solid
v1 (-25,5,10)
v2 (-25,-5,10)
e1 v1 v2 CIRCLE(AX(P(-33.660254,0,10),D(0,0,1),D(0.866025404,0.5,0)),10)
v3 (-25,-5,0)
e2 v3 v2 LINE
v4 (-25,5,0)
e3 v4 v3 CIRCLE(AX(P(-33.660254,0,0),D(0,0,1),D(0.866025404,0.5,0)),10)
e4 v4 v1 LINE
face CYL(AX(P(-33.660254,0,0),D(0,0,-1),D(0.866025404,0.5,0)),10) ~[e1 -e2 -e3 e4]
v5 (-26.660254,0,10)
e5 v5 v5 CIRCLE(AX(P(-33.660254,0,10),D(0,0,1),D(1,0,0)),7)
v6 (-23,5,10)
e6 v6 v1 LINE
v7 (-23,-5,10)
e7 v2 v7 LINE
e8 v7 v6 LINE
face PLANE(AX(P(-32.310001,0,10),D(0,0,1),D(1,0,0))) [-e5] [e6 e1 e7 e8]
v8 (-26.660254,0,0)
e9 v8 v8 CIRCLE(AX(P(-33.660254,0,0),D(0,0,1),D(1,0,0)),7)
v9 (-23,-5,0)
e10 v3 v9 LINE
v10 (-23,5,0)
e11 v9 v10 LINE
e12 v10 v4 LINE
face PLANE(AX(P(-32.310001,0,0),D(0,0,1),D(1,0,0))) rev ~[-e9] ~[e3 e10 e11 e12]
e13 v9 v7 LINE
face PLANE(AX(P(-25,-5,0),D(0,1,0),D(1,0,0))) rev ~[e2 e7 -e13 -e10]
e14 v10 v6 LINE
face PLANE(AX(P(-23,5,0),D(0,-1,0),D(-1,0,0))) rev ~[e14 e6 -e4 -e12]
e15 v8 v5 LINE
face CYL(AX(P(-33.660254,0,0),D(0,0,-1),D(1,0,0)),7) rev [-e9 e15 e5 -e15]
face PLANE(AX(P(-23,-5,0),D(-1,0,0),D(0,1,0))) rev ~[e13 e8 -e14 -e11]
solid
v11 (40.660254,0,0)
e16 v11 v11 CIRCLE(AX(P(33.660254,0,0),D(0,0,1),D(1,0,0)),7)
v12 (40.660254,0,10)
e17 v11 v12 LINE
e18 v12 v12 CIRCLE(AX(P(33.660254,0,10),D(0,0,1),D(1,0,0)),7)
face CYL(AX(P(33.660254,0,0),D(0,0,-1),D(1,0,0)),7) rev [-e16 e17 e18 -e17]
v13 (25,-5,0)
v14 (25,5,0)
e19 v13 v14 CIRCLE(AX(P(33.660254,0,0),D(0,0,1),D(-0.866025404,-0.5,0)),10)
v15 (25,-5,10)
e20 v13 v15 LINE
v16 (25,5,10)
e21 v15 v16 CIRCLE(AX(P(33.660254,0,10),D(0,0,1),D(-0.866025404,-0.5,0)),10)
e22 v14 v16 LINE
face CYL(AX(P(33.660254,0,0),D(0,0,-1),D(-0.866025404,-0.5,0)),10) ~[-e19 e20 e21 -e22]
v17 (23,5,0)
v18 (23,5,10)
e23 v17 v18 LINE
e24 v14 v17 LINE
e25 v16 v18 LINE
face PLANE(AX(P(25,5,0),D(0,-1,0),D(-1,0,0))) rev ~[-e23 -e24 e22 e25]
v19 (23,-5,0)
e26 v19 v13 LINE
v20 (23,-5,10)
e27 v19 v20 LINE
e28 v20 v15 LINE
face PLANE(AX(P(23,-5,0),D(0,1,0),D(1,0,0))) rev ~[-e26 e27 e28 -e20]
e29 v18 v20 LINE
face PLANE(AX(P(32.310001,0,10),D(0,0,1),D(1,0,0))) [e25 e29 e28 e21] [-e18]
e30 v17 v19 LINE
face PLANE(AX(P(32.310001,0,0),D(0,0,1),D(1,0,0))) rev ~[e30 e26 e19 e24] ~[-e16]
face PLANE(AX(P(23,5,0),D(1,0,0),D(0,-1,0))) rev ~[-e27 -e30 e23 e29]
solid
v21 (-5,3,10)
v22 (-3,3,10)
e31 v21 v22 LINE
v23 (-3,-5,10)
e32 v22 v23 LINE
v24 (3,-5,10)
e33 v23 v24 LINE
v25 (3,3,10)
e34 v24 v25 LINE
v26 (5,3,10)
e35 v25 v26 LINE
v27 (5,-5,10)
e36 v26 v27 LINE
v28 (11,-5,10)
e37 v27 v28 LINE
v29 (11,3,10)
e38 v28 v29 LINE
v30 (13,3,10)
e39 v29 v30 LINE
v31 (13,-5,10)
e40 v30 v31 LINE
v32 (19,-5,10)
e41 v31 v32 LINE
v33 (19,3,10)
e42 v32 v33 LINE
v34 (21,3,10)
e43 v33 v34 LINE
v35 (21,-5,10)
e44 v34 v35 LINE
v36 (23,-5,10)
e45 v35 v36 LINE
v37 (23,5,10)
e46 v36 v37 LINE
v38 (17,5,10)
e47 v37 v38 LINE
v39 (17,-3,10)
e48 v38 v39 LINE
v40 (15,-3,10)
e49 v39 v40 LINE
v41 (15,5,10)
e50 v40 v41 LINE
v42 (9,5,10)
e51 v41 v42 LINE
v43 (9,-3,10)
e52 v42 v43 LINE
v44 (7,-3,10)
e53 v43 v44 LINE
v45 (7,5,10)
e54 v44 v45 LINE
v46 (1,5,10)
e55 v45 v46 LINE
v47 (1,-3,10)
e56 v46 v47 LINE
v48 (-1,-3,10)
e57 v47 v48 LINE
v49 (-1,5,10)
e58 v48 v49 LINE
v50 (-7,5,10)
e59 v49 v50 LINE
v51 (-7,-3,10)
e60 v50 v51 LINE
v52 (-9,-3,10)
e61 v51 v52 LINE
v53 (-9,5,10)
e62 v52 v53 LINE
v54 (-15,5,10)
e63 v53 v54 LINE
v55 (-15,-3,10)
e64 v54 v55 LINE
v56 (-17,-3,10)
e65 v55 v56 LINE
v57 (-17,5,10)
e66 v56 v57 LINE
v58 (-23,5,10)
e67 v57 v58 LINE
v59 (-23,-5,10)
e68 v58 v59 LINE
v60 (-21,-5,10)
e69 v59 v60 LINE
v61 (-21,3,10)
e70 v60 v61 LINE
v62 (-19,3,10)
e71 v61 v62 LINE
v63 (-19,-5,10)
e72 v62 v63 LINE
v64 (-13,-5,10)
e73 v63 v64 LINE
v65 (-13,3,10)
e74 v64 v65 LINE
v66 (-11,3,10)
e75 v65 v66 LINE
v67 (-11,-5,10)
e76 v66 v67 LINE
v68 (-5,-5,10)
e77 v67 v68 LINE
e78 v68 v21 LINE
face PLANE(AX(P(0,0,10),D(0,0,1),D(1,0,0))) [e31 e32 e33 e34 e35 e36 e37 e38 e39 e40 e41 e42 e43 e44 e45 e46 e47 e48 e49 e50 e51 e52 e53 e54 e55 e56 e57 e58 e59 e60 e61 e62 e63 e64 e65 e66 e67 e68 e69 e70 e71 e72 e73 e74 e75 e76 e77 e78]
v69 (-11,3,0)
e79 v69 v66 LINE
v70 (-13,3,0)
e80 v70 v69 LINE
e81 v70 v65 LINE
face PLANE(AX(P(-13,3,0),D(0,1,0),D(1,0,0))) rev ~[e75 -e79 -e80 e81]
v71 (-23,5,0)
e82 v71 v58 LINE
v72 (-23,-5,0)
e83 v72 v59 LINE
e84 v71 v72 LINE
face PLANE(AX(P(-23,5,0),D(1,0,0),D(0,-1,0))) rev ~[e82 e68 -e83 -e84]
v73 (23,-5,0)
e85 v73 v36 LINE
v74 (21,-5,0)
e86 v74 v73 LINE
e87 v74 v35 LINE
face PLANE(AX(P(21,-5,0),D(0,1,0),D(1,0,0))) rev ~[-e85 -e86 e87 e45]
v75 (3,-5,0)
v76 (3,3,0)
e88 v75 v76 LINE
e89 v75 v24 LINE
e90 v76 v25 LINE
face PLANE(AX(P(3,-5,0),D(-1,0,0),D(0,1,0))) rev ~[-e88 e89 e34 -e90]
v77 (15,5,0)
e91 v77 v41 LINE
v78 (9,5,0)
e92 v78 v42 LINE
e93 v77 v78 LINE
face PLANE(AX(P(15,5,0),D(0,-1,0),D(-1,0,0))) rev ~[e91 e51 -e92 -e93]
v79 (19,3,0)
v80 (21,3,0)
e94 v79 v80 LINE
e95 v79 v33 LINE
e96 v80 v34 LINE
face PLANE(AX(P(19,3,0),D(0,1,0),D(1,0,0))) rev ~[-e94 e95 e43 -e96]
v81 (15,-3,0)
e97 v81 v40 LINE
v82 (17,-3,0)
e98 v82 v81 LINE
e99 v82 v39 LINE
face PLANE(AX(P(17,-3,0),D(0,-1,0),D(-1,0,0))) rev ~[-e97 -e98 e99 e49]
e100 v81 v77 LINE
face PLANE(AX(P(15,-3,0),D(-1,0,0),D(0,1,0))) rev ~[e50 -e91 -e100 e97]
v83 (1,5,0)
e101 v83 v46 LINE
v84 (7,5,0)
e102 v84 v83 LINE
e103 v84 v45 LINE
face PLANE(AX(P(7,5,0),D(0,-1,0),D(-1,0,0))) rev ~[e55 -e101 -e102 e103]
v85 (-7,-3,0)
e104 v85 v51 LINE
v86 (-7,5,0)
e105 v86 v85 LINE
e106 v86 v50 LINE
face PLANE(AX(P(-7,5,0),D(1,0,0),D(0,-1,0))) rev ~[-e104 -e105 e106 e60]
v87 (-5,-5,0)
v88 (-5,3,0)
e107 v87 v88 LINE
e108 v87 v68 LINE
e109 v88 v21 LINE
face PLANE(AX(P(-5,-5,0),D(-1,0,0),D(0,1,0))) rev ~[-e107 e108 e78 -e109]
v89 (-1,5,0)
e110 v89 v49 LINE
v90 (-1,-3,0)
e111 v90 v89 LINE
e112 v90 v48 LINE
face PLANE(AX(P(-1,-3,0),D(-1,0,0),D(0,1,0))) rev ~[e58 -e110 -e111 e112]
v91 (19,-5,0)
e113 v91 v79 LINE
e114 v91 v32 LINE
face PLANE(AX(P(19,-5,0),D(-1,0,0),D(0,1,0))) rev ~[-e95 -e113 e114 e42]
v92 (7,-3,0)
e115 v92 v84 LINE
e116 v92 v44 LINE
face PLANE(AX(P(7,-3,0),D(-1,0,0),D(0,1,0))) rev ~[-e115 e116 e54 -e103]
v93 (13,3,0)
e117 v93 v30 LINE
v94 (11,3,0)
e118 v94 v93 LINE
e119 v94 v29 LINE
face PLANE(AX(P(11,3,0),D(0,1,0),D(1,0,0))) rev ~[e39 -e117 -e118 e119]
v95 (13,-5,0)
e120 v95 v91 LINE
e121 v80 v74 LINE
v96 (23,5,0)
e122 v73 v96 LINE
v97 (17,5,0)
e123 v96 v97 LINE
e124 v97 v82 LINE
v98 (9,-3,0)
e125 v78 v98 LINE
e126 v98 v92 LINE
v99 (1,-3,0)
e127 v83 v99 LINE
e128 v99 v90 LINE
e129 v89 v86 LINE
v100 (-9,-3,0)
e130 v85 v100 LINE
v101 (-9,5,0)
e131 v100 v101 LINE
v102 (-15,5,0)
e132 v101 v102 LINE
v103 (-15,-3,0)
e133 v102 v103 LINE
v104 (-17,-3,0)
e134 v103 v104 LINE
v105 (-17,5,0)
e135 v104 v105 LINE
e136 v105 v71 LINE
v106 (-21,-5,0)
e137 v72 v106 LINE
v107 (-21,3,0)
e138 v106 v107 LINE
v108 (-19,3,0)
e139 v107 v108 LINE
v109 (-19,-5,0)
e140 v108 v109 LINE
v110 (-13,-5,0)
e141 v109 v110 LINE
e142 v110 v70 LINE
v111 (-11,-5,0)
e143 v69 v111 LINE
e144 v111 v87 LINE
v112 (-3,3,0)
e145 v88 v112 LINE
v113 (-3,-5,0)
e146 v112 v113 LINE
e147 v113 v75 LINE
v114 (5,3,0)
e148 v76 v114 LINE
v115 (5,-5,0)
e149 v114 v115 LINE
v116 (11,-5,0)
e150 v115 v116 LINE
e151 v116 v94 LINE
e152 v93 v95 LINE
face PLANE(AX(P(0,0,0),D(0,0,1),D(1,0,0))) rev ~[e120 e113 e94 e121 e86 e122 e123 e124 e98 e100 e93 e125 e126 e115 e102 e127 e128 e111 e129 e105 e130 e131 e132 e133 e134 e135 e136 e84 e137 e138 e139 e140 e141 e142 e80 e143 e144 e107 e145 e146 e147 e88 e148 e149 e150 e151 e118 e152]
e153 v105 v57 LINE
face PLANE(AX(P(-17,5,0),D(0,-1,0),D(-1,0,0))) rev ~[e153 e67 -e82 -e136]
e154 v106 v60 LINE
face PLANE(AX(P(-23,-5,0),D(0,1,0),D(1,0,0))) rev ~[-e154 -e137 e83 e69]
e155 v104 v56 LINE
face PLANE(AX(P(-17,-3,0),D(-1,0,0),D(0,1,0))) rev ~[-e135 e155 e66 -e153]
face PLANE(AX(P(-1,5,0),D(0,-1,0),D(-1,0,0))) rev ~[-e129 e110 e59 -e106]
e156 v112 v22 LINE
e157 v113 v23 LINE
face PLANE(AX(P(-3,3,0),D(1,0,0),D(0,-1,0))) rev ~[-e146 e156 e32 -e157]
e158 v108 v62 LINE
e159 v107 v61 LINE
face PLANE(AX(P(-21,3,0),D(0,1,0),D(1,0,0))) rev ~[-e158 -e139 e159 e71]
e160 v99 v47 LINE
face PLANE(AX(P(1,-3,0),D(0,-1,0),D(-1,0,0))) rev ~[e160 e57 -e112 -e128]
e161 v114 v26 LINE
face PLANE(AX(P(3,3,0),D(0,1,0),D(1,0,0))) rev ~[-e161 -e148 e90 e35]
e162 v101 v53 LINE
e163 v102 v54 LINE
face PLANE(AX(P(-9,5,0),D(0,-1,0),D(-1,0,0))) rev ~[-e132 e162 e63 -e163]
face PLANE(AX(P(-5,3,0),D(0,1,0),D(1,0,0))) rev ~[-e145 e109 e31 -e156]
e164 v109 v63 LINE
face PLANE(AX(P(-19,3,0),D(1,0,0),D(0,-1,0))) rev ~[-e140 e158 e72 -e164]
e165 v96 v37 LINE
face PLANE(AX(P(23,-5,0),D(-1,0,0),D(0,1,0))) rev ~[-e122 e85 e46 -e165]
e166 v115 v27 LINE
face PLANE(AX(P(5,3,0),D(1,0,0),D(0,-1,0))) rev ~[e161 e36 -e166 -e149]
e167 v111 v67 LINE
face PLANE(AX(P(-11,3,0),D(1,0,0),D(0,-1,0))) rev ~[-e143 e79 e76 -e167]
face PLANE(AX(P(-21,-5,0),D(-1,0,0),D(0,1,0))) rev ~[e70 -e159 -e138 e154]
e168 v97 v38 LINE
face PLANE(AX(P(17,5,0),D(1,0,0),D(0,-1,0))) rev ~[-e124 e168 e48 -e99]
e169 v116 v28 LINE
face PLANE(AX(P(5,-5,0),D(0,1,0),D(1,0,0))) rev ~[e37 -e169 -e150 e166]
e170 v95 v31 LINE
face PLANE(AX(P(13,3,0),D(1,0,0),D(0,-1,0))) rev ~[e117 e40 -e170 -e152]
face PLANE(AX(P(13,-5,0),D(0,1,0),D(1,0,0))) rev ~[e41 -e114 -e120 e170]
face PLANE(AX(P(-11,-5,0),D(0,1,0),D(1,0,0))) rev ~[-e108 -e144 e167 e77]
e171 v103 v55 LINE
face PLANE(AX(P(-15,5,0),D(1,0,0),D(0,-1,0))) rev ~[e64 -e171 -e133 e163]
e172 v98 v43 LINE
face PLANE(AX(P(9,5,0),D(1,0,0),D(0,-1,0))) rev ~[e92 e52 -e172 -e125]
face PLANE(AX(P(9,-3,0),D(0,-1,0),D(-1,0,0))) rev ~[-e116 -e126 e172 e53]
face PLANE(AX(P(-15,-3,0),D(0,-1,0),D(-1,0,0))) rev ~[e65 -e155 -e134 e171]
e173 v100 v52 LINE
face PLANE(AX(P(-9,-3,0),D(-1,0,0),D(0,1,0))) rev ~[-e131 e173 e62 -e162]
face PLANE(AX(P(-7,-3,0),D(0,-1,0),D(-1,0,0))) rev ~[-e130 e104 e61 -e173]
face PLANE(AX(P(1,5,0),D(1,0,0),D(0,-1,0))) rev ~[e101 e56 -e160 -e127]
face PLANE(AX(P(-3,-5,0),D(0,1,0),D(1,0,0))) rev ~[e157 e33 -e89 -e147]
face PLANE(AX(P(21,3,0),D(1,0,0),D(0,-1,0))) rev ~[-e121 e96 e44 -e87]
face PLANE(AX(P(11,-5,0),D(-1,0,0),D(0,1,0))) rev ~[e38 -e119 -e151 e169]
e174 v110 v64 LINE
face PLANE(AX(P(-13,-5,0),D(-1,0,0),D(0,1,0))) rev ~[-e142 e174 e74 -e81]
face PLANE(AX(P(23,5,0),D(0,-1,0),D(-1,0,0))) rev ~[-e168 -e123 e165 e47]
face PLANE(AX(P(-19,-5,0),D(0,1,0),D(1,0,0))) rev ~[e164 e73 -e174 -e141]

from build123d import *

# Parameters (mm, degrees)
SKETCH1_R             = 7
BOSS_EXTRUDE1_DEPTH   = 10
BOSS_EXTRUDE1_2_DEPTH = 10
BOSS_EXTRUDE2_DEPTH   = 10


with BuildPart() as part:
    # Sketch1 → Boss-Extrude1 (new body)
    with BuildSketch(Plane.XY):
        with BuildLine():
            Line((-23, 5), (-25, 5))
            ThreePointArc((-25, 5), (-43.660254038, 0), (-25, -5))
            Line((-25, -5), (-23, -5))
            Line((-23, -5), (-23, 5))
        make_face()
        with Locations((-33.660254038, 0)):
            Circle(SKETCH1_R, mode=Mode.SUBTRACT)
    extrude(amount=BOSS_EXTRUDE1_DEPTH)


with BuildPart() as body_2:
    # Sketch1 → Boss-Extrude1 2 (new body)
    with BuildSketch(Plane.XY):
        with BuildLine():
            Line((25, 5), (23, 5))
            Line((23, 5), (23, -5))
            Line((23, -5), (25, -5))
            ThreePointArc((25, -5), (43.660254038, 0), (25, 5))
        make_face()
        with Locations((33.660254038, 0)):
            Circle(SKETCH1_R, mode=Mode.SUBTRACT)
    extrude(amount=BOSS_EXTRUDE1_2_DEPTH)


with BuildPart() as body_3:
    # Sketch1_3 → Boss-Extrude2 (new body)
    with BuildSketch(Plane.XY):
        Polygon((-17, 5), (-23, 5), (-23, -5), (-21, -5), (-21, 3), (-19, 3), (-19, -5), (-13, -5), (-13, 3), (-11, 3), (-11, -5), (-5, -5), (-5, 3), (-3, 3), (-3, -5), (3, -5), (3, 3), (5, 3), (5, -5), (11, -5), (11, 3), (13, 3), (13, -5), (19, -5), (19, 3), (21, 3), (21, -5), (23, -5), (23, -3), (23, 5), (17, 5), (17, -3), (15, -3), (15, 5), (9, 5), (9, -3), (7, -3), (7, 5), (1, 5), (1, -3), (-1, -3), (-1, 5), (-7, 5), (-7, -3), (-9, -3), (-9, 5), (-15, 5), (-15, -3), (-17, -3), align=None)
    extrude(amount=BOSS_EXTRUDE2_DEPTH)


solid = Compound([part.part, body_2.part, body_3.part])
